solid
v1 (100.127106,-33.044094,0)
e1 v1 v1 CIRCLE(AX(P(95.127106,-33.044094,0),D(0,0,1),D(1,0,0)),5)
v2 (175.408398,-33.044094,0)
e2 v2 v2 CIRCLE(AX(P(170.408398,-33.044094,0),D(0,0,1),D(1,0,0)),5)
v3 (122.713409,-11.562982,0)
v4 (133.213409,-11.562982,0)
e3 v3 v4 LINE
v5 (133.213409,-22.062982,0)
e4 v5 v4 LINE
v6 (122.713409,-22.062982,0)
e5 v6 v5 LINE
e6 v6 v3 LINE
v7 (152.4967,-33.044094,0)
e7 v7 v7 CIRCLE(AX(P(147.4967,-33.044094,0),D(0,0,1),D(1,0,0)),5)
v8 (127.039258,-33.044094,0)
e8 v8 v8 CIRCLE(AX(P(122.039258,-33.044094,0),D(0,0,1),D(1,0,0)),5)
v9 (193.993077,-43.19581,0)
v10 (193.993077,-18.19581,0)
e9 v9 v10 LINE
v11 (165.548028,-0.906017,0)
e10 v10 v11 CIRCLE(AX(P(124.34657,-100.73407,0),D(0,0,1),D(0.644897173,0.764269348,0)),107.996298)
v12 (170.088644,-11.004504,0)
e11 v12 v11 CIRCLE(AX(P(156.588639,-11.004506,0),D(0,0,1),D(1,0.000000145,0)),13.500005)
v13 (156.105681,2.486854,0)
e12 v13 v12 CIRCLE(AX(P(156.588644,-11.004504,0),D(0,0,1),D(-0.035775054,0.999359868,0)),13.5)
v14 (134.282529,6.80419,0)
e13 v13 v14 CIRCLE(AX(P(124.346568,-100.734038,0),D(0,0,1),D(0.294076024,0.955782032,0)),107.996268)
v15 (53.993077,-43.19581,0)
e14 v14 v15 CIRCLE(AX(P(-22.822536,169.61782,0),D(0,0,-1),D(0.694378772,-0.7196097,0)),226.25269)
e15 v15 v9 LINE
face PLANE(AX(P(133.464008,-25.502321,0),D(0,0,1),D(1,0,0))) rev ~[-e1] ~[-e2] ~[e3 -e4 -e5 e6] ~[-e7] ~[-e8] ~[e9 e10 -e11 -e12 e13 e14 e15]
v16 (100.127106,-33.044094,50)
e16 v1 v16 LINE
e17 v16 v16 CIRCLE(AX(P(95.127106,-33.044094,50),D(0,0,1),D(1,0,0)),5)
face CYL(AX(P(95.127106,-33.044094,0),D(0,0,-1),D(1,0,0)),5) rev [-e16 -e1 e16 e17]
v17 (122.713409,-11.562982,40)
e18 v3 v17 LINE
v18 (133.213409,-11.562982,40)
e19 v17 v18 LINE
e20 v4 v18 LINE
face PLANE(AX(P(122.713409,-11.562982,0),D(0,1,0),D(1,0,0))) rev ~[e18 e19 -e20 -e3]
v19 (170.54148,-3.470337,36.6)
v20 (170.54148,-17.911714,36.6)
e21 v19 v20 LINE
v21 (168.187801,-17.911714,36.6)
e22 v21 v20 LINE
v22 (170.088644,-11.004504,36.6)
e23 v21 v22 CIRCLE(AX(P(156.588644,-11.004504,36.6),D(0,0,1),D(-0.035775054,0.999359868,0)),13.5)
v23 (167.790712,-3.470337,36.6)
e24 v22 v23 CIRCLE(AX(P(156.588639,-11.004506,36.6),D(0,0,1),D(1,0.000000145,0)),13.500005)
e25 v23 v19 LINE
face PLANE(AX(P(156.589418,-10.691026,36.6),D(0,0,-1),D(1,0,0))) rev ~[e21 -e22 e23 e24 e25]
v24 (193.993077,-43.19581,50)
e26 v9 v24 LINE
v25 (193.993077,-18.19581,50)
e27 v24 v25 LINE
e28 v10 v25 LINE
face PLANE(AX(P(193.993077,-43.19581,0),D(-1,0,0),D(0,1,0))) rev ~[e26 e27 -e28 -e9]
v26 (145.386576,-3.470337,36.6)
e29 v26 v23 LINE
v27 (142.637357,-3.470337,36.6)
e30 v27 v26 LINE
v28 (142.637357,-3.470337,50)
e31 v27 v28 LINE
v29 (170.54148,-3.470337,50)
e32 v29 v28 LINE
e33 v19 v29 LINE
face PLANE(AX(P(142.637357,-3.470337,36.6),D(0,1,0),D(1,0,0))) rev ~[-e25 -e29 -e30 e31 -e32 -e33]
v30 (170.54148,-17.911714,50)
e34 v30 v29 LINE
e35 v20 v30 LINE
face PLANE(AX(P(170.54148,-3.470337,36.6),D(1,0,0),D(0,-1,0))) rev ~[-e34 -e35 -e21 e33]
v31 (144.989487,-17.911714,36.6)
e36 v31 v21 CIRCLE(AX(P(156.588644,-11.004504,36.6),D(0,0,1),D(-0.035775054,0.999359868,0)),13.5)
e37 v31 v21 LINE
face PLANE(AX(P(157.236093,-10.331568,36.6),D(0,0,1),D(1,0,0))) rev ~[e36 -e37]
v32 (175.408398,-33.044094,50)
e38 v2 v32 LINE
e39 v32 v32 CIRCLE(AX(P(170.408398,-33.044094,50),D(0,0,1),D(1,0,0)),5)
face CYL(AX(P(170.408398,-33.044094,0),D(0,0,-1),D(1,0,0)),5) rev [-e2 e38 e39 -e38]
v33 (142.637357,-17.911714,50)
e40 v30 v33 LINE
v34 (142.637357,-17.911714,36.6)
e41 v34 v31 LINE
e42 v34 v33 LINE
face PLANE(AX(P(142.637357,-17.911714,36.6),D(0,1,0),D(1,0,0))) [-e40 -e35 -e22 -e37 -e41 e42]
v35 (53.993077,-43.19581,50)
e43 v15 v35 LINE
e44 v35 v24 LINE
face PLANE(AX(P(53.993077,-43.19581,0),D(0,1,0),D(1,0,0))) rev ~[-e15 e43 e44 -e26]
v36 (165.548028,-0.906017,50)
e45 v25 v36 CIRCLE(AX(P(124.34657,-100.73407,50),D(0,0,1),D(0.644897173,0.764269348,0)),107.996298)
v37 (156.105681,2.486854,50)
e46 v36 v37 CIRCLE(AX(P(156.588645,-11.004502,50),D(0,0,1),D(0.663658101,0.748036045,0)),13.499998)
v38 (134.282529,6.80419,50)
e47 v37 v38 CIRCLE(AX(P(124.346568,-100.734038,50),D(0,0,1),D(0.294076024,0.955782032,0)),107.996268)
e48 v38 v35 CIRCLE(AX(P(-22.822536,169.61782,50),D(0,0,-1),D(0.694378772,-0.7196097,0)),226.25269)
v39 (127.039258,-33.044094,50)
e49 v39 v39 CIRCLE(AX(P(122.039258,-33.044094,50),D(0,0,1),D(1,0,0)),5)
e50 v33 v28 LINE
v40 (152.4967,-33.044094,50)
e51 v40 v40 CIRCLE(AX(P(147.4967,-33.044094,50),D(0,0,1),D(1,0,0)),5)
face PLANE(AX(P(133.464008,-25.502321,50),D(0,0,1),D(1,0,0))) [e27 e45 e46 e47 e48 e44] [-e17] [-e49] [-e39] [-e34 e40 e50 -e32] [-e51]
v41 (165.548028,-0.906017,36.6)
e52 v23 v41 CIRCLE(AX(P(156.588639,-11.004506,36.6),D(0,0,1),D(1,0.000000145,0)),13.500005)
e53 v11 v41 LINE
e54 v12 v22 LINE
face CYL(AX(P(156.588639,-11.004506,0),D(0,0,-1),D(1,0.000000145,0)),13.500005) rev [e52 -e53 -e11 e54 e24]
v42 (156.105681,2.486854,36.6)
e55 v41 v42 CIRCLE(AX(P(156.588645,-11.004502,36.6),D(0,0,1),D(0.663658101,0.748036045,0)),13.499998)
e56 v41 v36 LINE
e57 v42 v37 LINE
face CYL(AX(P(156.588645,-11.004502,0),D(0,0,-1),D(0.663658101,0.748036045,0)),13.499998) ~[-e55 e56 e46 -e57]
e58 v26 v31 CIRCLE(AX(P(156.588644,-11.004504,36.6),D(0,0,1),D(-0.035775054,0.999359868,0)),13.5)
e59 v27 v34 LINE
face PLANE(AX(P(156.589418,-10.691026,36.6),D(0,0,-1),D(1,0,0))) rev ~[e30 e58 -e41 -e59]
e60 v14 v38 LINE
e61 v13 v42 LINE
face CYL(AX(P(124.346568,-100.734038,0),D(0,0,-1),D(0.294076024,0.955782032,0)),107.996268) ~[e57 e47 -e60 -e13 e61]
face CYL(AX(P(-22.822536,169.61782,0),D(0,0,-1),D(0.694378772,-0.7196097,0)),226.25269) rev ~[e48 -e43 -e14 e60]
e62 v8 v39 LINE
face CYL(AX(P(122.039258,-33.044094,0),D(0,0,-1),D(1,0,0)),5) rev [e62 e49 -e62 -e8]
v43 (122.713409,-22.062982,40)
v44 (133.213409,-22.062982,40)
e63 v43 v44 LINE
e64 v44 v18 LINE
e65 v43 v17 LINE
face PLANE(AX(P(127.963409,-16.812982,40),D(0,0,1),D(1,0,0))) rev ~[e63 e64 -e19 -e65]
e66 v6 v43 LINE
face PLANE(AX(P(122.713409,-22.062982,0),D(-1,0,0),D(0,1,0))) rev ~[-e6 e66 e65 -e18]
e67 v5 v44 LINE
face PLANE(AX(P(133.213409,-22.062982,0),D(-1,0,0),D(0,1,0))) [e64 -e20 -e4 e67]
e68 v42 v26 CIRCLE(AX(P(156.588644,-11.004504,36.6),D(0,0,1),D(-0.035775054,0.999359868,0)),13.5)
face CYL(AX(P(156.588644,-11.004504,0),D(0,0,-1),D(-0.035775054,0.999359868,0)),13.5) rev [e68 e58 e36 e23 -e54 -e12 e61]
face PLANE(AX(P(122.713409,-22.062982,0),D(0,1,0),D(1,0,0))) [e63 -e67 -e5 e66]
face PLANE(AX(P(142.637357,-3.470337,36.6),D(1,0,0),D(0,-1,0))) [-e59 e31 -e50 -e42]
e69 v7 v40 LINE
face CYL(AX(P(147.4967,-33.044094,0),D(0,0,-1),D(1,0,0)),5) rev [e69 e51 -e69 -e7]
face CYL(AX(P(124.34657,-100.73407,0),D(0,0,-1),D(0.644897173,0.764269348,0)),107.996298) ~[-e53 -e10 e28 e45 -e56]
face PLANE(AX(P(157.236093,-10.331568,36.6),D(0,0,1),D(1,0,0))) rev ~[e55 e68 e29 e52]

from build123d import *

# Parameters (mm, degrees)
F0_R     = 5
F1_DEPTH = 50
F2_DEPTH = 36.6
F3_R     = 4.8
F4_DEPTH = 2.7
F5_W     = 10.5
F5_H     = 10.5
F6_DEPTH = 40
F7_W     = 27.904123
F7_H     = 14.441377
F8_DEPTH = 25


with BuildPart() as f1:
    # F0 (on Top) → F1 (new body)
    with BuildSketch(Plane.XY):
        with BuildLine():
            ThreePointArc((134.282529, 6.80419), (96.779809, -22.438314), (53.993077, -43.19581))
            Line((53.993077, -43.19581), (193.993077, -43.19581))
            Line((193.993077, -43.19581), (193.993077, -18.19581))
            ThreePointArc((193.993077, -18.19581), (180.440706, -8.448382), (165.548028, -0.906017))
            ThreePointArc((165.548028, -0.906017), (168.901273, -5.468336), (170.088644, -11.004504))
            ThreePointArc((170.088644, -11.004504), (147.215011, -20.719698), (156.105681, 2.486854))
            ThreePointArc((156.105681, 2.486854), (145.305567, 5.208938), (134.282529, 6.80419))
        make_face()
        with Locations((95.127106, -33.044094)):
            Circle(F0_R, mode=Mode.SUBTRACT)
        with Locations((122.039258, -33.044094)):
            Circle(F0_R, mode=Mode.SUBTRACT)
        with Locations((147.4967, -33.044094)):
            Circle(F0_R, mode=Mode.SUBTRACT)
        with Locations((170.408398, -33.044094)):
            Circle(F0_R, mode=Mode.SUBTRACT)
        with BuildLine():
            ThreePointArc((165.548028, -0.906017), (161.153764, 1.700207), (156.105681, 2.486854))
            ThreePointArc((156.105681, 2.486854), (147.215011, -20.719698), (170.088644, -11.004504))
            ThreePointArc((170.088644, -11.004504), (168.901273, -5.468336), (165.548028, -0.906017))
        make_face()
    extrude(amount=F1_DEPTH)

    # F0 (on Top) → F2 (cut)
    with BuildSketch(Plane.XY):
        with BuildLine():
            ThreePointArc((165.548028, -0.906017), (161.153764, 1.700207), (156.105681, 2.486854))
            ThreePointArc((156.105681, 2.486854), (147.215011, -20.719698), (170.088644, -11.004504))
            ThreePointArc((170.088644, -11.004504), (168.901273, -5.468336), (165.548028, -0.906017))
        make_face()
    extrude(amount=F2_DEPTH, mode=Mode.SUBTRACT)

    # F3 (on face) → F4 (cut)
    with BuildSketch(Plane(origin=(0, 0, 36.6), x_dir=(1, 0, 0), z_dir=(0, 0, -1))):
        with Locations((156.588644, 11.004504)):
            Circle(F3_R)
    extrude(amount=-F4_DEPTH, mode=Mode.SUBTRACT)

    # F5 (on face) → F6 (cut)
    with BuildSketch(Plane.XY):
        with Locations((127.963409, -16.812982)):
            Rectangle(F5_W, F5_H)
    extrude(amount=F6_DEPTH, mode=Mode.SUBTRACT)

    # F7 (on face) → F8 (cut)
    with BuildSketch(Plane(origin=(0, 0, 36.6), x_dir=(1, 0, 0), z_dir=(0, 0, -1))):
        with Locations((156.589418, 10.691026)):
            Rectangle(F7_W, F7_H)
    extrude(amount=-F8_DEPTH, mode=Mode.SUBTRACT)


solid = f1.part
